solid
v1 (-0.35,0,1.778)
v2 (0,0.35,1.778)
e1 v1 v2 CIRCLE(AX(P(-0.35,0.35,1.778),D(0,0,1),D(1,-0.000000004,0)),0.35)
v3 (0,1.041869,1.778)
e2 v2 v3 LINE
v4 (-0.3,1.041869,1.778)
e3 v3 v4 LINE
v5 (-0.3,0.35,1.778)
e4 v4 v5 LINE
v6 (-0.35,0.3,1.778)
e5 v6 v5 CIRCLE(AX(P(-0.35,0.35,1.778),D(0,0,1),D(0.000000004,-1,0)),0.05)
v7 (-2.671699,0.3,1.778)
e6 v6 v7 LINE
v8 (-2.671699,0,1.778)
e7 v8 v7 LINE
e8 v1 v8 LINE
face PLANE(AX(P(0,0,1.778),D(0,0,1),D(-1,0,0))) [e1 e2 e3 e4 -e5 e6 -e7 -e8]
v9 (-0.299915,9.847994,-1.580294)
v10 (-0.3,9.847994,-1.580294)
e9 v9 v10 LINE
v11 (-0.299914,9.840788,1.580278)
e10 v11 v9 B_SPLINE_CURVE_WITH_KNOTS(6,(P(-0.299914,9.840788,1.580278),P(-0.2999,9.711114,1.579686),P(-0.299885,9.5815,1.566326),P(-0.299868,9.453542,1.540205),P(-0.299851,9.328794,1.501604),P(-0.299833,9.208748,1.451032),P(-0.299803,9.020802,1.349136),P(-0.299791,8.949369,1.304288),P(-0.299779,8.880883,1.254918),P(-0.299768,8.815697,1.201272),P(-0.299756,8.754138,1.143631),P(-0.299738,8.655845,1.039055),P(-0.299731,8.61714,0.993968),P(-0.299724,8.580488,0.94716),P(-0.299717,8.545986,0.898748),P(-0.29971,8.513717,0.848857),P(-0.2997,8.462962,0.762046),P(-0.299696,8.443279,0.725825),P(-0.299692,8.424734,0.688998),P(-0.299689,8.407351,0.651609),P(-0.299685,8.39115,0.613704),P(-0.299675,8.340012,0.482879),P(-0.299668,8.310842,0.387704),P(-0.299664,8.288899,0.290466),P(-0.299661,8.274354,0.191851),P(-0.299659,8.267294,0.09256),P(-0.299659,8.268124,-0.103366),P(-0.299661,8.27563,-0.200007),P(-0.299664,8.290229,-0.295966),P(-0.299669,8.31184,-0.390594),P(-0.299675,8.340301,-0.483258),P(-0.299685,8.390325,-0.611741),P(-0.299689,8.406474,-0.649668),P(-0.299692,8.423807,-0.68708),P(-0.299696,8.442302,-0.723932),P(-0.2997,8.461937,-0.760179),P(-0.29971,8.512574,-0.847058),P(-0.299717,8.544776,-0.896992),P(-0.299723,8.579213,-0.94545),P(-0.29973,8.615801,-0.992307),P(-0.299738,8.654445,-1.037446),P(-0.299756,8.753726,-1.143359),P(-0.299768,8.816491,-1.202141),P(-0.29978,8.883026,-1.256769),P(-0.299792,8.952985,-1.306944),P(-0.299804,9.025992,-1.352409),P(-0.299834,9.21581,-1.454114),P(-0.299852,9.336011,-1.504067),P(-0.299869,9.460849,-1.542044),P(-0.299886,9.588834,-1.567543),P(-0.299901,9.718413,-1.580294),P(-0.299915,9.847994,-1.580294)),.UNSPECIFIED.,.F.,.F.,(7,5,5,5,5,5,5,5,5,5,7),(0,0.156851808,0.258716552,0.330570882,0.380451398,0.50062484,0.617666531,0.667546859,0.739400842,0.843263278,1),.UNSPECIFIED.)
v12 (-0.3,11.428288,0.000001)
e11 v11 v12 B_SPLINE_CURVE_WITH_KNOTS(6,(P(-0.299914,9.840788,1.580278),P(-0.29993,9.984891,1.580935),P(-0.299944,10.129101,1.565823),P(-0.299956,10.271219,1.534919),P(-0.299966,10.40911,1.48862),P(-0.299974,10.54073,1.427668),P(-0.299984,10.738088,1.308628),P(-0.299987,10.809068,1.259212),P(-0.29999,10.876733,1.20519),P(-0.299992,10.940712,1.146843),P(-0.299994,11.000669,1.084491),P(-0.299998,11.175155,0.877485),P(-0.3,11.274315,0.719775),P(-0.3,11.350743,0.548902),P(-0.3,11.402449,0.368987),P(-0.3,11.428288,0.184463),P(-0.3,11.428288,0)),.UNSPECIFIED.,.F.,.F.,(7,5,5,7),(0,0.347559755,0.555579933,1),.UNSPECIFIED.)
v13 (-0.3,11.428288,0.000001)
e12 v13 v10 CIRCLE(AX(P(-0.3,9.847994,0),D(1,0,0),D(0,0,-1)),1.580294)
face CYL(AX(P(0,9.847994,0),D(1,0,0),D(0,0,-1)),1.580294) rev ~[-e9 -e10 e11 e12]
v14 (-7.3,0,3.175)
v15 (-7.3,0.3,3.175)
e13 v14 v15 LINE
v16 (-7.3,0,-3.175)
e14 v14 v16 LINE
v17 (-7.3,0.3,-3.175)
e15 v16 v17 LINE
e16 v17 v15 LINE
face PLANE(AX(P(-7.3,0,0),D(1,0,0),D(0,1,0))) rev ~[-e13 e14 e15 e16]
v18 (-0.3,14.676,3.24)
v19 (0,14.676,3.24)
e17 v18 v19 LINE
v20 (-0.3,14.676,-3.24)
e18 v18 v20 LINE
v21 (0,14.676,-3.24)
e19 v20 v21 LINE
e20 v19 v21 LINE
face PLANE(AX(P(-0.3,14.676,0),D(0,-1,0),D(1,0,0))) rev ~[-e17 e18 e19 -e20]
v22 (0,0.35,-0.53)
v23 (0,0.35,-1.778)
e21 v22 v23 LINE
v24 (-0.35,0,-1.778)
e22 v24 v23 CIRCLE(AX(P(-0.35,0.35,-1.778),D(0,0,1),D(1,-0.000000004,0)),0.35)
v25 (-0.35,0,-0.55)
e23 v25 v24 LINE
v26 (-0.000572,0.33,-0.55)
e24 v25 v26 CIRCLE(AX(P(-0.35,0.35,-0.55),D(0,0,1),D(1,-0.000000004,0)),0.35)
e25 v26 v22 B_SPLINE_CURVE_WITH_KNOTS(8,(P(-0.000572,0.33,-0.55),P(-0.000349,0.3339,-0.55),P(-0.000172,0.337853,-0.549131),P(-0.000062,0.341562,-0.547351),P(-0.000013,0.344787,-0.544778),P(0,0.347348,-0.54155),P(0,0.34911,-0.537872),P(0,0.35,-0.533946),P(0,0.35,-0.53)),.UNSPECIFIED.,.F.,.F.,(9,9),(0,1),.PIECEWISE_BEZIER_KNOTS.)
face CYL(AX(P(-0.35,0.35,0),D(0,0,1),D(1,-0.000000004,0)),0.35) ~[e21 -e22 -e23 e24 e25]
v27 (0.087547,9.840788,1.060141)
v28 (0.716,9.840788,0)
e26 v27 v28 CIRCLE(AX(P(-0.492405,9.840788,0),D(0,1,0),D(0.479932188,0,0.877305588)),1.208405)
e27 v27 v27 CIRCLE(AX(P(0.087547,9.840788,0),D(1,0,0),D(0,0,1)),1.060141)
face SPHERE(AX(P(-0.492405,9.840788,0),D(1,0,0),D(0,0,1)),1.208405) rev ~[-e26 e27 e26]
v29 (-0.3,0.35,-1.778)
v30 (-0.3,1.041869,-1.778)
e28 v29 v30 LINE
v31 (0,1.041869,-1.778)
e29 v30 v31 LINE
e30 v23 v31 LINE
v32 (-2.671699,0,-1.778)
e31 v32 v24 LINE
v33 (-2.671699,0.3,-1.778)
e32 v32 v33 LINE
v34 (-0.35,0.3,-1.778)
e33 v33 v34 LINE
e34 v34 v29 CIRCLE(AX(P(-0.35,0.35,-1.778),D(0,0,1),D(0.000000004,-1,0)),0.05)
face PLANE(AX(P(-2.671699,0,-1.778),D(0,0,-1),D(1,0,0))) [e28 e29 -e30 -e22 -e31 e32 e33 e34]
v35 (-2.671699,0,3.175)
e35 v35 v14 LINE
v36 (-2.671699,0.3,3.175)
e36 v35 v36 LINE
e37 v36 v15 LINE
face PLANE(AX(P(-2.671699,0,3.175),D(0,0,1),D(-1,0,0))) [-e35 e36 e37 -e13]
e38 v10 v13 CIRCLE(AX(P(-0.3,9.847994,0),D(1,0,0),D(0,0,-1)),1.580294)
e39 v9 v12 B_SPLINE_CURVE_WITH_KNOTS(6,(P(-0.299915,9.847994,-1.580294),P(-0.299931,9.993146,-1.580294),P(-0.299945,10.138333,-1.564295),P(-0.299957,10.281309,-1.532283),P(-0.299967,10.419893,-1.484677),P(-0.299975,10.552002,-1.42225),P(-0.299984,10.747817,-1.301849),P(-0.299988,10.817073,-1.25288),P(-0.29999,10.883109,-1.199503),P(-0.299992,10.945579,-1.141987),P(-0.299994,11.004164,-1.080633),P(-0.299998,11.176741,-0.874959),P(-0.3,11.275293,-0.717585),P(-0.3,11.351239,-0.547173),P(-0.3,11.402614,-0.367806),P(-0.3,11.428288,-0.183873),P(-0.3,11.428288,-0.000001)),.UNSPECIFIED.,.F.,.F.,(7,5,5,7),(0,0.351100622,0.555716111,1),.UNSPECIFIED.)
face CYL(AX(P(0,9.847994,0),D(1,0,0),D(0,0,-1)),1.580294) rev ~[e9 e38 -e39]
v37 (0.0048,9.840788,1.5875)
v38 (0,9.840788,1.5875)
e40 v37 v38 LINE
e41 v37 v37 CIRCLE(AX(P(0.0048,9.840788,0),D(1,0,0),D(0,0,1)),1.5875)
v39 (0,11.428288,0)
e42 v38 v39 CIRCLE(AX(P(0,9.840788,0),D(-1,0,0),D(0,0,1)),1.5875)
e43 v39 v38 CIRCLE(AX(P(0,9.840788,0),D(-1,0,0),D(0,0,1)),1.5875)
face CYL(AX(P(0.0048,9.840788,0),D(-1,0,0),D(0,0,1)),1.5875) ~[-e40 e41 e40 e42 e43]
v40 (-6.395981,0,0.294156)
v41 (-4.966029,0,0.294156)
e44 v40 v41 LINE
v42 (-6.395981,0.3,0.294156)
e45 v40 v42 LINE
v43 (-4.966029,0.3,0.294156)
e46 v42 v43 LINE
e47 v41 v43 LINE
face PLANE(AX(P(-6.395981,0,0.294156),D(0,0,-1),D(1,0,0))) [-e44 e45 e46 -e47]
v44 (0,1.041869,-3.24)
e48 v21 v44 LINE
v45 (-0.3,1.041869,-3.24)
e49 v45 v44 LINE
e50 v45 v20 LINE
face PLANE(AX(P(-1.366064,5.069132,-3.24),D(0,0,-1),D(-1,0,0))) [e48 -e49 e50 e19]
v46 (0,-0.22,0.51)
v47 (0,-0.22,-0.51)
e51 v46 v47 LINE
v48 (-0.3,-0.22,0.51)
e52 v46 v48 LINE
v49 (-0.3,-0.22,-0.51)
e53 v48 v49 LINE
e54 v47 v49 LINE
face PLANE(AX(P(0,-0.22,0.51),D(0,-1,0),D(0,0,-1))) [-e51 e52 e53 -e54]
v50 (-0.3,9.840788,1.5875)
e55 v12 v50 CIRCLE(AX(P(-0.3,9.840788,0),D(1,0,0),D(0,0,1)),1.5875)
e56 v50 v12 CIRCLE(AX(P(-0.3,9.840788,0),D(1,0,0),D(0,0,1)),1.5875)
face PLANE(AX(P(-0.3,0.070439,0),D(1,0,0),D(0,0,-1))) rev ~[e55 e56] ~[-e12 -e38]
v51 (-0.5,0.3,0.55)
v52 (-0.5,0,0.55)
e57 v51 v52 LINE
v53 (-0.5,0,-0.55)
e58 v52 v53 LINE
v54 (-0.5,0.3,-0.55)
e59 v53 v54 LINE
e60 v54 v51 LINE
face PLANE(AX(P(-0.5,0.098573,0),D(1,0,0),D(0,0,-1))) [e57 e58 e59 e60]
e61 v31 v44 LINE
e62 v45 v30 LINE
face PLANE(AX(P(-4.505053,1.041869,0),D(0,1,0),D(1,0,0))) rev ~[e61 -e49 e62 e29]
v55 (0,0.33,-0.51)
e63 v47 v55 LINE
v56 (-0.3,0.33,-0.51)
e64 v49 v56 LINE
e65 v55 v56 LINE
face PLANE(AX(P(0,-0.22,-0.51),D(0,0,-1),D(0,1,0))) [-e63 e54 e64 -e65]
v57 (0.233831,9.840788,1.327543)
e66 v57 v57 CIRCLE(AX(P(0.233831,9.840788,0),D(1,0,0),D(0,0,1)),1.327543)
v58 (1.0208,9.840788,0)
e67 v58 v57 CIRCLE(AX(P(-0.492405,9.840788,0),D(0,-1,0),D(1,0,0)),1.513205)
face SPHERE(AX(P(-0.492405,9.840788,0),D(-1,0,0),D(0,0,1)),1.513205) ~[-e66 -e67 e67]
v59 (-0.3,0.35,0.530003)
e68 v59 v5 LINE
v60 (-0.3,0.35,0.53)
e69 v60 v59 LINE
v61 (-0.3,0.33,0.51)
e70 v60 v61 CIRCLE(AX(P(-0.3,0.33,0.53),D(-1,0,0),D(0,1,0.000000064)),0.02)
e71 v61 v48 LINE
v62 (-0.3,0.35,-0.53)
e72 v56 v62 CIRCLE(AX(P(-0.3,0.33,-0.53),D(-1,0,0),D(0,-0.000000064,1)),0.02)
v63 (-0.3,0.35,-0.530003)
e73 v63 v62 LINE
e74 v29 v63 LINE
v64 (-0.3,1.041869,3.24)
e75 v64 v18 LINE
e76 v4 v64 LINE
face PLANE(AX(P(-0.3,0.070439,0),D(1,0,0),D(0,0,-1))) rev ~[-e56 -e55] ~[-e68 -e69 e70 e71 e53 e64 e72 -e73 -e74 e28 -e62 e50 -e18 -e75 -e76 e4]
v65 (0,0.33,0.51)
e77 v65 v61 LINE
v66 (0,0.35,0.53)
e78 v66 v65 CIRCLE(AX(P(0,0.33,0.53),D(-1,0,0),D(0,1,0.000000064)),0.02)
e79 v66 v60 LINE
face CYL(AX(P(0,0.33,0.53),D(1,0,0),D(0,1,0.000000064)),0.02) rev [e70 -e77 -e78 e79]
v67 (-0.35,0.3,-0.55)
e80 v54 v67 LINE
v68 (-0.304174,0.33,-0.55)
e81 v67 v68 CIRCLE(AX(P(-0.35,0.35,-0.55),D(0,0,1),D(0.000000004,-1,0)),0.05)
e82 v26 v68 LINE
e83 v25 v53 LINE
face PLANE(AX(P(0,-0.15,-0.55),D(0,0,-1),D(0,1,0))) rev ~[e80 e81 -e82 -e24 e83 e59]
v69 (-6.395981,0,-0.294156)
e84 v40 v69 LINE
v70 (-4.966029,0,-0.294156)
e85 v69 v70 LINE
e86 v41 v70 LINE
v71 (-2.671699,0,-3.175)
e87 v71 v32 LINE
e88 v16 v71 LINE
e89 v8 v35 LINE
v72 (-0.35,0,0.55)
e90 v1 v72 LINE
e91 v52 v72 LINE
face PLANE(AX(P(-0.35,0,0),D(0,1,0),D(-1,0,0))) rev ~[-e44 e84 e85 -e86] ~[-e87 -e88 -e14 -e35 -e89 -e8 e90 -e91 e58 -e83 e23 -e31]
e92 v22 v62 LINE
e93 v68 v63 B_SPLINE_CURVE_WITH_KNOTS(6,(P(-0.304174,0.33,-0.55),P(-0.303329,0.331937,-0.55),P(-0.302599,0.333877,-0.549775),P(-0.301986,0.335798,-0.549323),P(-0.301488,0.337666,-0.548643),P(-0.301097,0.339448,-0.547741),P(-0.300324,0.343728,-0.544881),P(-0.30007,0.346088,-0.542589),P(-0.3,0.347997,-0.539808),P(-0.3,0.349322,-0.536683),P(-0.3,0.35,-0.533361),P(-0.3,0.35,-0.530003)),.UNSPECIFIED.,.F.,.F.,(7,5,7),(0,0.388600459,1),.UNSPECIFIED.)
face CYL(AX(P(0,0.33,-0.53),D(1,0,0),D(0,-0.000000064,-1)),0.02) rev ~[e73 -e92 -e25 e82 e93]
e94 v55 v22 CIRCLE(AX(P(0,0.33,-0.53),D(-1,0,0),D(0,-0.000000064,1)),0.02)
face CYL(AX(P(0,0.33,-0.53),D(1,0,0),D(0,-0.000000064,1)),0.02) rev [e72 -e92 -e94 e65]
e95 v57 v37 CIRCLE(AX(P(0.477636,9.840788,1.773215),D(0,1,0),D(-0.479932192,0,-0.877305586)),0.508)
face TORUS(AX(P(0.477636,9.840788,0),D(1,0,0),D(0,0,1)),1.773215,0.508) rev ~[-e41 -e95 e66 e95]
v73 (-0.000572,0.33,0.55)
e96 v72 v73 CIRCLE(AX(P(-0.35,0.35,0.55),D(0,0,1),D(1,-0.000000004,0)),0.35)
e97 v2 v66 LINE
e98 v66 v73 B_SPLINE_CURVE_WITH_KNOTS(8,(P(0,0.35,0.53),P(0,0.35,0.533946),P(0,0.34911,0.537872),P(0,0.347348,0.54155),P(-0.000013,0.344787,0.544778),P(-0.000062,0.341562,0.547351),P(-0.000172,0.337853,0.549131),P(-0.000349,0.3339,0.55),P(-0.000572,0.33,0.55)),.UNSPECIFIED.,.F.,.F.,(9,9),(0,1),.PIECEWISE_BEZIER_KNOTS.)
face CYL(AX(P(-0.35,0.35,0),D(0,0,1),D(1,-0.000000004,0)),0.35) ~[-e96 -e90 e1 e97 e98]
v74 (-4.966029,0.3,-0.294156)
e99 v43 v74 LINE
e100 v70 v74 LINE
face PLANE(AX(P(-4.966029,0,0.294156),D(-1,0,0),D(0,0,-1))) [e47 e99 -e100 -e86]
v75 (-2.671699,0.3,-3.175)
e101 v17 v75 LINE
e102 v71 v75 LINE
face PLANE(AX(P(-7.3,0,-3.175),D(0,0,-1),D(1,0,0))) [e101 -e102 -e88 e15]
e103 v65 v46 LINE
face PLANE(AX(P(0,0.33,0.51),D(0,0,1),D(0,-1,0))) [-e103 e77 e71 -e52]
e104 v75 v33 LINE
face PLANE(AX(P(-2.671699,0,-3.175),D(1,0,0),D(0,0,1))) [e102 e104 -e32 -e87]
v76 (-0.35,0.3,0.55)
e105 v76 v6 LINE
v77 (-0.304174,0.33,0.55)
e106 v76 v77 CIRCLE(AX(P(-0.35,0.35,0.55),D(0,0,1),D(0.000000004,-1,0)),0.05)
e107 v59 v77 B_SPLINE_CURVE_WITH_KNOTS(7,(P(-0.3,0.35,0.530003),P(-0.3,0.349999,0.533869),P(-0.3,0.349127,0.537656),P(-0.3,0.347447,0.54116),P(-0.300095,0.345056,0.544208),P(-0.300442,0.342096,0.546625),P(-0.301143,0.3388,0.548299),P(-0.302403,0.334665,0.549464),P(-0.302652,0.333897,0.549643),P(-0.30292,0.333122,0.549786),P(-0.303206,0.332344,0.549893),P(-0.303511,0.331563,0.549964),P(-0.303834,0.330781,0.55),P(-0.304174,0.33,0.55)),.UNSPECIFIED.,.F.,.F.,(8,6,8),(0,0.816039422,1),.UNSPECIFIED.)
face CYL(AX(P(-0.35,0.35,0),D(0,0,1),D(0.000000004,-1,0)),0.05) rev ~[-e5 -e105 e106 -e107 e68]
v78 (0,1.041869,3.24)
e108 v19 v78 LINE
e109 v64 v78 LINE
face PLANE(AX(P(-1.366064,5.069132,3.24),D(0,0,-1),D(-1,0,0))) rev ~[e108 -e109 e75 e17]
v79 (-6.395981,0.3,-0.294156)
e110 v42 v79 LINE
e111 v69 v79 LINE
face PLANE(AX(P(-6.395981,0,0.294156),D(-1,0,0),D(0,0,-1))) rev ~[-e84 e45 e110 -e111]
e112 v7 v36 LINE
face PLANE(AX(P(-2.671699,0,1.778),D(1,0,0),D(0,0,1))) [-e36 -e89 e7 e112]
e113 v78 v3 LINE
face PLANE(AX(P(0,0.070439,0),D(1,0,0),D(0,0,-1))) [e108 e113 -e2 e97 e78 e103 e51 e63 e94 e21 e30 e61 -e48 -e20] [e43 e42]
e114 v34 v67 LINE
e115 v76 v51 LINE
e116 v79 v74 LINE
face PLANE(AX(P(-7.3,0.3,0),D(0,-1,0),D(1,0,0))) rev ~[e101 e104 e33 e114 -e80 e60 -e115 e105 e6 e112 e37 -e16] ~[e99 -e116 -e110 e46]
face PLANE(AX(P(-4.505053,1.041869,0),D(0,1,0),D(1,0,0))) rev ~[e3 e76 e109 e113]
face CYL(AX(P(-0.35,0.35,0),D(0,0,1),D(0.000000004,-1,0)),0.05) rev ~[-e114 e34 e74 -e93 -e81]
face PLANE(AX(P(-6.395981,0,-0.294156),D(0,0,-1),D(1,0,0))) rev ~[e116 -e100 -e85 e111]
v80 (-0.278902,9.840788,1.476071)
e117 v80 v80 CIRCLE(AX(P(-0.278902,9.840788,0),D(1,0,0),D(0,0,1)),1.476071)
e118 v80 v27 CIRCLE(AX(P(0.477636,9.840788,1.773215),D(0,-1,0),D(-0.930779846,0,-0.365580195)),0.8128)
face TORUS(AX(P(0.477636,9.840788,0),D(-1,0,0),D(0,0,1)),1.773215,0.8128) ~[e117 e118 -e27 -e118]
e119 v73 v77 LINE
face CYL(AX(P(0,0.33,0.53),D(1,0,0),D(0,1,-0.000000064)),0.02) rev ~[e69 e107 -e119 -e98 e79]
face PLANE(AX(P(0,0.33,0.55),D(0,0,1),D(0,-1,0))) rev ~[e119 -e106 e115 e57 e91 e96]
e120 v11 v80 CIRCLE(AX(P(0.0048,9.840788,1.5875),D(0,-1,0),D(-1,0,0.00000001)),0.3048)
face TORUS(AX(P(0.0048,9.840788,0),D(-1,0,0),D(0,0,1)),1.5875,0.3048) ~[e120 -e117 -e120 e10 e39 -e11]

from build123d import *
from build123d.topology import SkipClean

# Parameters (mm, degrees)
Y_KSEKLIK_EKSTR_ZYON1_DEPTH = 3.24
IZIM2_W                     = 1.429951724
IZIM2_H                     = 0.588312172
KES_EKSTR_ZYON1_DEPTH       = 1.04186858
KES_EKSTR_ZYON2_DEPTH       = 0.5
Y_KSEKLIK_EKSTR_ZYON2_DEPTH = 0.3
IZIM7_R                     = 1.580293975
KES_EKSTR_ZYON3_DEPTH       = 0.3


with BuildPart() as part:
    # Çizim1 → Yükseklik-Ekstrüzyon1 (new, symmetric)
    with BuildSketch(Plane.XY):
        with BuildLine():
            Line((-0.3, 0.35), (-0.3, 14.676))
            Line((-0.3, 14.676), (0, 14.676))
            Line((0, 14.676), (0, 0.35))
            ThreePointArc((0, 0.35), (-0.102512627, 0.102512627), (-0.35, 0))
            Line((-0.35, 0), (-7.3, 0))
            Line((-7.3, 0), (-7.3, 0.3))
            Line((-7.3, 0.3), (-0.35, 0.3))
            ThreePointArc((-0.35, 0.3), (-0.314644661, 0.314644661), (-0.3, 0.35))
        make_face()
    extrude(amount=Y_KSEKLIK_EKSTR_ZYON1_DEPTH, both=True)

    # Çizim2 → Kes-Ekstrüzyon1 (cut)
    with BuildSketch(Plane(origin=(0, 0, 0), x_dir=(1, 0, 0), z_dir=(0, 1, 0))):
        Polygon((0, -4), (0, -1.778), (-2.671699332, -1.778), (-2.671699332, -3.175), (-7.3, -3.175), (-7.3, 3.175), (-2.671699332, 3.175), (-2.671699332, 1.778), (0, 1.778), (0, 4), (-8, 4), (-8, -4), align=None)
        with Locations((-5.68100521, 0)):
            Rectangle(IZIM2_W, IZIM2_H)
    extrude(amount=KES_EKSTR_ZYON1_DEPTH, mode=Mode.SUBTRACT)

    # Çizim4 → Kes-Ekstrüzyon2 (cut)
    with BuildSketch(Plane(origin=(0, 0, 0), x_dir=(0, 0, -1), z_dir=(1, 0, 0))):
        with BuildLine():
            Line((-0.55, -0.15), (0.55, -0.15))
            Line((0.55, -0.15), (0.55, 0.33))
            ThreePointArc((0.55, 0.33), (0.544142136, 0.344142136), (0.53, 0.35))
            Line((0.53, 0.35), (-0.53, 0.35))
            ThreePointArc((-0.53, 0.35), (-0.544142136, 0.344142136), (-0.55, 0.33))
            Line((-0.55, 0.33), (-0.55, -0.15))
        make_face()
    extrude(amount=-KES_EKSTR_ZYON2_DEPTH, mode=Mode.SUBTRACT)

    # Çizim5 → Yükseklik-Ekstrüzyon2 (add)
    with BuildSketch(Plane(origin=(0, 0, 0), x_dir=(0, 0, -1), z_dir=(1, 0, 0))):
        with BuildLine():
            Line((-0.51, -0.22), (0.51, -0.22))
            Line((0.51, -0.22), (0.51, 0.33))
            ThreePointArc((0.51, 0.33), (0.515857864, 0.344142136), (0.53, 0.35))
            Line((0.53, 0.35), (-0.53, 0.35))
            ThreePointArc((-0.53, 0.35), (-0.515857864, 0.344142136), (-0.51, 0.33))
            Line((-0.51, 0.33), (-0.51, -0.22))
        make_face()
    extrude(amount=-Y_KSEKLIK_EKSTR_ZYON2_DEPTH)

    # Çizim7 → Kes-Ekstrüzyon3 (cut)
    with BuildSketch(Plane(origin=(0, 0, 0), x_dir=(0, 0, -1), z_dir=(1, 0, 0))):
        with Locations((0, 9.847993975)):
            Circle(IZIM7_R)
    extrude(amount=-KES_EKSTR_ZYON3_DEPTH, mode=Mode.SUBTRACT)

    # Çizim6 → Döndür1 (revolve)
    with SkipClean():  # the faces are left unmerged after this step: merging them gives an invalid solid
        with BuildSketch(Plane.XY):
            with BuildLine():
                Line((0.716, 9.84078795), (1.0208, 9.84078795))
                ThreePointArc((1.0208, 9.84078795), (0.809273292, 10.612424612), (0.233830611, 11.168331447))
                ThreePointArc((0.233830611, 11.168331447), (0.096469293, 11.278181577), (0.0048, 11.42828795))
                Line((0.0048, 11.42828795), (-0.3, 11.42828795))
                ThreePointArc((-0.3, 11.42828795), (-0.294678979, 11.371583617), (-0.278901698, 11.316859108))
                ThreePointArc((-0.278901698, 11.316859108), (-0.132230828, 11.076688911), (0.08754728, 10.900928704))
                ThreePointArc((0.08754728, 10.900928704), (0.547080424, 10.456996364), (0.716, 9.84078795))
            make_face()
        revolve(axis=Axis((-0.492405336, 9.84078795, 0), (1, 0, 0)))


solid = part.part
